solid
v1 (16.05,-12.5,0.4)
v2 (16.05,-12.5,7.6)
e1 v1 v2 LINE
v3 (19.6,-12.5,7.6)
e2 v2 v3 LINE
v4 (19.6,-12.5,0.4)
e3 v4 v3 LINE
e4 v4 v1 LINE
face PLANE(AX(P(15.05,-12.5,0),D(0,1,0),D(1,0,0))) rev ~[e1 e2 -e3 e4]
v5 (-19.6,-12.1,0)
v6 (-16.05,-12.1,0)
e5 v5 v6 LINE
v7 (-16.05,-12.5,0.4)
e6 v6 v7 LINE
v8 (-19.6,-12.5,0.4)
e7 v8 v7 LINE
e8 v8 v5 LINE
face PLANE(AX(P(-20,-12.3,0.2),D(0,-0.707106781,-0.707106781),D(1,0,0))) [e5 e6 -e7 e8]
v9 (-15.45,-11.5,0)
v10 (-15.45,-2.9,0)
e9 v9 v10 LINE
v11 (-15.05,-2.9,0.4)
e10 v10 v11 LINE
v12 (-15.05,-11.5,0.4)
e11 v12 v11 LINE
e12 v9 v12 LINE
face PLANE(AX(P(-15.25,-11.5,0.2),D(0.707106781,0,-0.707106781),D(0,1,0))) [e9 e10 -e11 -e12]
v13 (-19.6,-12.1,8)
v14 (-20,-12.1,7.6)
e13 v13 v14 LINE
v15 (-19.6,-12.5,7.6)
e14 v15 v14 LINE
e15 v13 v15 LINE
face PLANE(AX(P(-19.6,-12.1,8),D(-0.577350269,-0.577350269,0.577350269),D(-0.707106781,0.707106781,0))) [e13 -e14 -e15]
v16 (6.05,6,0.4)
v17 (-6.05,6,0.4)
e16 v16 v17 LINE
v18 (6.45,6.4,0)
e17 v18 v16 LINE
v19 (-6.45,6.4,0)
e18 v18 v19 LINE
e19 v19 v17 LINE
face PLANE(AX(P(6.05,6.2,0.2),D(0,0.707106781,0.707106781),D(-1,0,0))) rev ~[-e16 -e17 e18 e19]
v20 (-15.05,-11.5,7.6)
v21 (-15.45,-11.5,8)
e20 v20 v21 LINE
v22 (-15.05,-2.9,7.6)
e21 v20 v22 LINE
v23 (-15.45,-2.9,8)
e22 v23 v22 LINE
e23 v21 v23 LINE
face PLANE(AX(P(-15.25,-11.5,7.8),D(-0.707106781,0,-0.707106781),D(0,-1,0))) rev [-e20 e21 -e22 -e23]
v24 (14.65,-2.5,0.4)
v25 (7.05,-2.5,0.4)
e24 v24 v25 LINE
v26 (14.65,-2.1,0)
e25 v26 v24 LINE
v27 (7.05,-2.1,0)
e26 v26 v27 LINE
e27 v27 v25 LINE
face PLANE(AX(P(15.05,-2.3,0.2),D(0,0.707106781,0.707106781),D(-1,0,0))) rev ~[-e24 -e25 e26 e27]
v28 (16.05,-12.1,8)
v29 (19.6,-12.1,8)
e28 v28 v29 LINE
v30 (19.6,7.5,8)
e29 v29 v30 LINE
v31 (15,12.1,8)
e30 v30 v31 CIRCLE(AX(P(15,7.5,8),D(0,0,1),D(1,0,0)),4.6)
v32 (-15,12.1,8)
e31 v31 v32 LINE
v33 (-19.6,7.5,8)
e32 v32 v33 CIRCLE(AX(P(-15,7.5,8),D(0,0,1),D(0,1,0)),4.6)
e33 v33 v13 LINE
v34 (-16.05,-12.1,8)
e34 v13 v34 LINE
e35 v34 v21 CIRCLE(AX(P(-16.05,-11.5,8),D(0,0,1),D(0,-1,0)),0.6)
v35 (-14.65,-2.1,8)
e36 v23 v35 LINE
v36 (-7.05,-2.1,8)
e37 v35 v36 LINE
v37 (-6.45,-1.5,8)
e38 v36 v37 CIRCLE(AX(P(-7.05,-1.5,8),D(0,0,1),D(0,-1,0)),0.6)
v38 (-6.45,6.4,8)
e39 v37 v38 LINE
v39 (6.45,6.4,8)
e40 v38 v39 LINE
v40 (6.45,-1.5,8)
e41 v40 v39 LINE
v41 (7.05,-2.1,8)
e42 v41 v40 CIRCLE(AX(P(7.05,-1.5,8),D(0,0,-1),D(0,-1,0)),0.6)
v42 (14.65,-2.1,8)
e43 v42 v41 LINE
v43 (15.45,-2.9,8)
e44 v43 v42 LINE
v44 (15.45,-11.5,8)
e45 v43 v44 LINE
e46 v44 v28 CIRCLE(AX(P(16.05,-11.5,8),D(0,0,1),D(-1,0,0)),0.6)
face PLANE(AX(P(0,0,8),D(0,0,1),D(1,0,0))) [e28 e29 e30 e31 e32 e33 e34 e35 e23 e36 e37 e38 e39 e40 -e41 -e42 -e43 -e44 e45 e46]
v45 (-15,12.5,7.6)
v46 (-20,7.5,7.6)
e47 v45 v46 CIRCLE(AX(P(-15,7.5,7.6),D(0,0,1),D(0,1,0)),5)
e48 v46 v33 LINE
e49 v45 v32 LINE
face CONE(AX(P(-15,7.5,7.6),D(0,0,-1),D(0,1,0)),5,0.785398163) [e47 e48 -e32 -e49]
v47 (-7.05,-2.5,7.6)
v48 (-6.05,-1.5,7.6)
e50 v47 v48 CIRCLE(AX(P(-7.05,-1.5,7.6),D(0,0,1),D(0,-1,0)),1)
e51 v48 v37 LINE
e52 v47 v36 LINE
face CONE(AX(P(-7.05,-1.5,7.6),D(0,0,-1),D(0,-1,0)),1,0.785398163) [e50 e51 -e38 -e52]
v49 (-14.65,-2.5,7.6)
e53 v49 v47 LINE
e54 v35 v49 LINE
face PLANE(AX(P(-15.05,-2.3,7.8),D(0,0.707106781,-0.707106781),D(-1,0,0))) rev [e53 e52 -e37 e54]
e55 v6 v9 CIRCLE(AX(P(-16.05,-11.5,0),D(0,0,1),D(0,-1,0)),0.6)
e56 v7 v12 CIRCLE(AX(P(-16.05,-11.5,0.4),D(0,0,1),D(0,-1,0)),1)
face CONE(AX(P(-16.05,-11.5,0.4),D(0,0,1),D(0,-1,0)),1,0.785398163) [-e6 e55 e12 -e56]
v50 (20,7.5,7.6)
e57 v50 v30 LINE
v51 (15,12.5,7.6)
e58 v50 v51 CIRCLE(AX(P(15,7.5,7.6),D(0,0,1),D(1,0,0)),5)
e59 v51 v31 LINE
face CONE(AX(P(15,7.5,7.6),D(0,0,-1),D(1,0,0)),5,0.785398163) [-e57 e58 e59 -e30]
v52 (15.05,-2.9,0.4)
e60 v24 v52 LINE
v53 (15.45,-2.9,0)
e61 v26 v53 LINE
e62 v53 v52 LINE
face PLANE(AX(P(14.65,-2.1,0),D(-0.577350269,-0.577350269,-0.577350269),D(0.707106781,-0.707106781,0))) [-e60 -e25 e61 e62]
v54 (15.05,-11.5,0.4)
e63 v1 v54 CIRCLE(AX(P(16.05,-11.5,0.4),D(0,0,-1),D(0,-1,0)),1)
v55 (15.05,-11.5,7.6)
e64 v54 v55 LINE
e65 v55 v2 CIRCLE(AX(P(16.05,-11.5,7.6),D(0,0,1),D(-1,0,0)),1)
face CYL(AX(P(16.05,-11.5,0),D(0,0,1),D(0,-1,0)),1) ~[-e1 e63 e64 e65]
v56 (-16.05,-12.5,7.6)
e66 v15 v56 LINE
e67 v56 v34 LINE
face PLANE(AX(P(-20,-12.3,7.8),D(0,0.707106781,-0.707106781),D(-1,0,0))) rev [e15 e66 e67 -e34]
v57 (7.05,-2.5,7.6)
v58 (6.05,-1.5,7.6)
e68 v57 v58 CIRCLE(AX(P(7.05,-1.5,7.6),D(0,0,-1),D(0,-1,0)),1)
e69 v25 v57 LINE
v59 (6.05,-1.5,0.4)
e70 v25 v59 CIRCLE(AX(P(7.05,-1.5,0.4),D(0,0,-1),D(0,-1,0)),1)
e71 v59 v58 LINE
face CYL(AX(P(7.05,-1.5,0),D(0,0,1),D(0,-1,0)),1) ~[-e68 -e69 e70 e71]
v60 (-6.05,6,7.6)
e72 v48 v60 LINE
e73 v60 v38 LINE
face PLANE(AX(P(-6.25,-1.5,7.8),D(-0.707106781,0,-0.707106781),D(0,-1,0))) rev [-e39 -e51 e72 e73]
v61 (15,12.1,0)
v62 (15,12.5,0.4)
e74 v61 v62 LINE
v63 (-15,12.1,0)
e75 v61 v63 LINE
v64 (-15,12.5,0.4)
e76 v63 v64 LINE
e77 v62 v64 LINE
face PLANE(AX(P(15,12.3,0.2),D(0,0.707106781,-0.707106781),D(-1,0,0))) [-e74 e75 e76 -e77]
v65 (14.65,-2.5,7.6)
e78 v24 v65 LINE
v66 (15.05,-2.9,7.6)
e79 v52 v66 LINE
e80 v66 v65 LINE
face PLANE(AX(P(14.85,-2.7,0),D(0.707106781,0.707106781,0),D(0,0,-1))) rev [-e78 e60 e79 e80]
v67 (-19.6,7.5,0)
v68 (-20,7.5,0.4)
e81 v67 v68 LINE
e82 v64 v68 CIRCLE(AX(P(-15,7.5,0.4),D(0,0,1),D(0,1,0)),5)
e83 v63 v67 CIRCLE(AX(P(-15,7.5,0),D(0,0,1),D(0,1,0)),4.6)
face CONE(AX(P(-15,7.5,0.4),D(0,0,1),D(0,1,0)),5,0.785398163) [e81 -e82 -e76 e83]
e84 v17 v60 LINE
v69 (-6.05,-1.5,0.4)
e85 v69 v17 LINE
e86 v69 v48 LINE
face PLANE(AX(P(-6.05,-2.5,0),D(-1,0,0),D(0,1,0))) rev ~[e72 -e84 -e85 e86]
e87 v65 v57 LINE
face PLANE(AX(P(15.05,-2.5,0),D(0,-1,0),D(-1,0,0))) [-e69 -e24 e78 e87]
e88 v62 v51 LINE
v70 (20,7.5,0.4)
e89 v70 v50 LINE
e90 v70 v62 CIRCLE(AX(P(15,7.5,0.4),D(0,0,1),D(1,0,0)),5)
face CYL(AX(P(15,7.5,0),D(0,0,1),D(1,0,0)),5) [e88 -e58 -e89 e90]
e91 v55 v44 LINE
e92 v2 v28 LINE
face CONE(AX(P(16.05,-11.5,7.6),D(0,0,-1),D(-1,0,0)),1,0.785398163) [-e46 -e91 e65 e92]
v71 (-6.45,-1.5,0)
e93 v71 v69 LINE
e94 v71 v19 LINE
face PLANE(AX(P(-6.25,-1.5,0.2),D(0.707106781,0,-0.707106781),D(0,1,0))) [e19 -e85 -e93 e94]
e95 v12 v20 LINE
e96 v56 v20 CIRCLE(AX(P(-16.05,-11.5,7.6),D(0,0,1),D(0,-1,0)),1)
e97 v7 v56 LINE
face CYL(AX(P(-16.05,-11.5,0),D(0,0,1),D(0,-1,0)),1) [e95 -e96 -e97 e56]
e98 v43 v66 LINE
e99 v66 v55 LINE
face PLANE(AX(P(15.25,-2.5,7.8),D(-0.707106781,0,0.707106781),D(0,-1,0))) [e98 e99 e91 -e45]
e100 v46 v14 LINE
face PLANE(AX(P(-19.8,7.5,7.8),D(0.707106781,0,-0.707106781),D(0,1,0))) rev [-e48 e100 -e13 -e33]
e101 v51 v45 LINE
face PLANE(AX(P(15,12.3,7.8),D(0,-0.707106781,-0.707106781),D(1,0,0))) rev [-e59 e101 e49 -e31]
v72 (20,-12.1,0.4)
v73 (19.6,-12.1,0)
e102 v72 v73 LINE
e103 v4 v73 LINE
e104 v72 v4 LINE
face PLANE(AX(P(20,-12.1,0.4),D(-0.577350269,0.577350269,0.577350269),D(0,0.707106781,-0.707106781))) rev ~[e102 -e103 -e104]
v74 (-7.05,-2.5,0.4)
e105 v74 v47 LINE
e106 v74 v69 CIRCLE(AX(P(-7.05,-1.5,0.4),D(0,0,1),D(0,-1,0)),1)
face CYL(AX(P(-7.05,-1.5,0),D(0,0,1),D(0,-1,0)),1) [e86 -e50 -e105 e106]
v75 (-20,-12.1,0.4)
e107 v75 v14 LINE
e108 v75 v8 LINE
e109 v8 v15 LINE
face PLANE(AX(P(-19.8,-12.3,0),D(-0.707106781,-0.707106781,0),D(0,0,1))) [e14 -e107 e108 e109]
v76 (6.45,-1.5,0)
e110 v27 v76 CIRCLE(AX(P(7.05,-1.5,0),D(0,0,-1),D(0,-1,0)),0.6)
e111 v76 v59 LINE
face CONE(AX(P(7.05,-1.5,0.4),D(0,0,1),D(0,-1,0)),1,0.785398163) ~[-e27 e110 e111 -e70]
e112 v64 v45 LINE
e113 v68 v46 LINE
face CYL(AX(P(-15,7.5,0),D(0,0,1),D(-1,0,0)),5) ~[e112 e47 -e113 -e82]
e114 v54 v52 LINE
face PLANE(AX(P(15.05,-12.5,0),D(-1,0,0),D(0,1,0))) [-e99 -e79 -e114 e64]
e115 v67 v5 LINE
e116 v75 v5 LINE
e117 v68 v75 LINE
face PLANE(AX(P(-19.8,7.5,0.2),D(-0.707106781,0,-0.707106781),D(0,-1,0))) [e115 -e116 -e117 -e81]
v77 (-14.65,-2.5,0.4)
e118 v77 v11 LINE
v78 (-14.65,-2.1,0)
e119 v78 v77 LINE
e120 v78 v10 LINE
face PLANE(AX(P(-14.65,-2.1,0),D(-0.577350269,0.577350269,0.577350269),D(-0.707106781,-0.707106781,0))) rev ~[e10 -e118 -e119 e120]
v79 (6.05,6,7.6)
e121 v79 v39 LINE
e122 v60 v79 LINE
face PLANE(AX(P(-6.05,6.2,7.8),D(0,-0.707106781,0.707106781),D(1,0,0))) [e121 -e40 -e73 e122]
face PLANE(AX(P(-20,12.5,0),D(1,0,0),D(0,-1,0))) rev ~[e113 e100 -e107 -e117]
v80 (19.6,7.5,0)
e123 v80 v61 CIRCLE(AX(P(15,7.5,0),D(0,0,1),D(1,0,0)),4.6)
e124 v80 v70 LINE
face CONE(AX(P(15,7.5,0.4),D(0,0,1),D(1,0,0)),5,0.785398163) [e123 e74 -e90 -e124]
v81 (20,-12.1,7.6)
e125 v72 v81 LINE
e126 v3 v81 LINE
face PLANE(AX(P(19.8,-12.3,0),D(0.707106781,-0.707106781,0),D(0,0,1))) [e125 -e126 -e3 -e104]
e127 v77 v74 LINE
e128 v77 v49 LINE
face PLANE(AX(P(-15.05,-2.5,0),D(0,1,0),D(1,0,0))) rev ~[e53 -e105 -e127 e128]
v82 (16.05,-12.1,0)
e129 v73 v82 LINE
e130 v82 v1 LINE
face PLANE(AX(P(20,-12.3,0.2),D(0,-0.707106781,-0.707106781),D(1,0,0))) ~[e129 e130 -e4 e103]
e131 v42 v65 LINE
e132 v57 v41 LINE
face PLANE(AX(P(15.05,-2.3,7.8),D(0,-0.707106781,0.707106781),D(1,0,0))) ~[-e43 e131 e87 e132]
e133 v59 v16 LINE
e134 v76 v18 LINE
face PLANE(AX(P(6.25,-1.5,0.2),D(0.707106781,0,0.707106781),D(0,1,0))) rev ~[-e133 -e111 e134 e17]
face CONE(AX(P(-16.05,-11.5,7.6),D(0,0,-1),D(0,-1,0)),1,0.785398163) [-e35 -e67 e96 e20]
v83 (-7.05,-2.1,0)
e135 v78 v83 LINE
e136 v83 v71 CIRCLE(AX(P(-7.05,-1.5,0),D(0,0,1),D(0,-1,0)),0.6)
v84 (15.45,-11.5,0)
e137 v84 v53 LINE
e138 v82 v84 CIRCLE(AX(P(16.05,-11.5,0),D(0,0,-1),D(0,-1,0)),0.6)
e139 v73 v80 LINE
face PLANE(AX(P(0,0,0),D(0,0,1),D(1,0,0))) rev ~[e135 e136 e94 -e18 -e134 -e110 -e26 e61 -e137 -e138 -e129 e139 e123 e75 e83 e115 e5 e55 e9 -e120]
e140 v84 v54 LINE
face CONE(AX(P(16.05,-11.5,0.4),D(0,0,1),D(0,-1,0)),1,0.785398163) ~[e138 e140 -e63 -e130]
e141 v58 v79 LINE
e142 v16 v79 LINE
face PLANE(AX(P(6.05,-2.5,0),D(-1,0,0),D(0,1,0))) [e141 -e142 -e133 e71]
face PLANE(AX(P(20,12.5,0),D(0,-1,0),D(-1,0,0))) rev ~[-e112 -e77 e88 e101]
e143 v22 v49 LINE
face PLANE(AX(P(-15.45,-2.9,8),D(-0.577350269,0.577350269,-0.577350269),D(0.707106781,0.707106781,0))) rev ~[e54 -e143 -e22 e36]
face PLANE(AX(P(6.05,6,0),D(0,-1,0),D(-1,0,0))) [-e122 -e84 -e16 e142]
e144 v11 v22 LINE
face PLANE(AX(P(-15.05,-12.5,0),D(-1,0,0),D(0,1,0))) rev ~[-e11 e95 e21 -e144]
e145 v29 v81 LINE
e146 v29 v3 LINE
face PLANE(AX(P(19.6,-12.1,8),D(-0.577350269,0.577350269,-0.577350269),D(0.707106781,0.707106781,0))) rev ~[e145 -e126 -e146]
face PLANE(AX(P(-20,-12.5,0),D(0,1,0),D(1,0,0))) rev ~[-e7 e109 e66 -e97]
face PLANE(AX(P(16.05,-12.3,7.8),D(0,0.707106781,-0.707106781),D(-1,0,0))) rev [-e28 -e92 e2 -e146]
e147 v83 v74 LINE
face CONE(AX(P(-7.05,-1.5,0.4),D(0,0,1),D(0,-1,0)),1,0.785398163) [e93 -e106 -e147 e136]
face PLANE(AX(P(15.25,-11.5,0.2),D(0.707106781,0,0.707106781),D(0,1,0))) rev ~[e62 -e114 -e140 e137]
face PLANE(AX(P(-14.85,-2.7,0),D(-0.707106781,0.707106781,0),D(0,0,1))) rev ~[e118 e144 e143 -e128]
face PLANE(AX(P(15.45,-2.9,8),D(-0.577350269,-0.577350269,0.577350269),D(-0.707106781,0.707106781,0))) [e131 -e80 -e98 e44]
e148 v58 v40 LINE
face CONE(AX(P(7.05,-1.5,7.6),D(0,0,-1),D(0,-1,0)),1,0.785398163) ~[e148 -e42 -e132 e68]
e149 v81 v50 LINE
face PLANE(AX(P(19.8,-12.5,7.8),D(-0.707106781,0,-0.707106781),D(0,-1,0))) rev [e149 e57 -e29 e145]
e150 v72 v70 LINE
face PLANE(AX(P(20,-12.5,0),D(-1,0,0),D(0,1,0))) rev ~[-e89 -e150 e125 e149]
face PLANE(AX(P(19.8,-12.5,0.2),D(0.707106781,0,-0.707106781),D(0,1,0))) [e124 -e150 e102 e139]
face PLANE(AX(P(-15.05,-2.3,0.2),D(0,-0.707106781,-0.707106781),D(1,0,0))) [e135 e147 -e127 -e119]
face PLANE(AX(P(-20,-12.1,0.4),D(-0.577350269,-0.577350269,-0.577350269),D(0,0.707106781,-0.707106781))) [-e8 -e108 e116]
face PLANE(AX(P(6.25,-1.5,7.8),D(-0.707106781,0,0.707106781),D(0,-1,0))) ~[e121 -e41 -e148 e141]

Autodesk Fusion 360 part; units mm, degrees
sketch "Sketch1" plane through (0, 0, 0) normal (0, 0, 1) x (1, 0, 0)
  line L0 (20, 12.5) -> (-20, 12.5)
  line L1 (-20, 12.5) -> (-20, -12.5)
  line L2 (-20, -12.5) -> (20, -12.5)
  line L3 (20, -12.5) -> (20, 12.5)
  line L4 (20, 12.5) -> (-20, -12.5) construction
  line L5 (-20, 12.5) -> (20, -12.5) construction
  line L6 (-15.05, -12.5) -> (-15.05, -2.5)
  line L7 (-15.05, -2.5) -> (-6.05, -2.5)
  line L8 (0, 12.5) -> (0, -12.5) construction
  line L9 (-6.05, -2.5) -> (-6.05, 6)
  line L10 (-6.05, 6) -> (0, 6)
  line L11 (15.05, -12.5) -> (15.05, -2.5)
  line L12 (15.05, -2.5) -> (6.05, -2.5)
  line L13 (6.05, -2.5) -> (6.05, 6)
  line L14 (6.05, 6) -> (0, 6)
  dimension "d1" = 40
  dimension "d2" = 25
  dimension "d3" = 15.05
  dimension "d4" = 10
  dimension "d5" = 6.05
  dimension "d6" = 8.5
extrude "Extrude1" add sketch "Sketch1" along normal blind 8 contours L0 L1 L2 L3 L6 L7 L9 L10 L11 L12 L13 L14
fillet "Fillet1" radius 5 2 edges at (-20, 12.5, 4) (20, 12.5, 4)
fillet "Fillet2" radius 1 4 edges at (-6.05, -2.5, 4) (6.05, -2.5, 4) (-15.05, -12.5, 4) (15.05, -12.5, 4)
chamfer "Chamfer2" distance 0.4 angle 45 40 edges at (6.05, 2.25, 0) (6.3429, -2.2071, 0) (11.05, -2.5, 0) (0, 6, 0) (-11.05, -2.5, 0) (-6.3429, -2.2071, 0) (-6.05, 2.25, 0) (-18.025, -12.5, 0) (-15.3429, -12.2071, 0) (-15.05, -7, 0) (15.05, -7, 0) (15.3429, -12.2071, 0) (18.025, -12.5, 0) (20, -12.5, 4) (18.025, -12.5, 8) (15.3429, -12.2071, 8) (15.05, -7, 8) (-20, -12.5, 4) (-15.05, -7, 8) (-15.3429, -12.2071, 8) (-18.025, -12.5, 8) (-6.05, 2.25, 8) (-6.3429, -2.2071, 8) (-11.05, -2.5, 8) (0, 6, 8) (11.05, -2.5, 8) (6.3429, -2.2071, 8) (6.05, 2.25, 8) (20, -2.5, 8) (18.5355, 11.0355, 8) (0, 12.5, 8) (-18.5355, 11.0355, 8) (-20, -2.5, 8) (20, -2.5, 0) (18.5355, 11.0355, 0) (0, 12.5, 0) (-18.5355, 11.0355, 0) (-20, -2.5, 0) (-15.05, -2.5, 4) (15.05, -2.5, 4)
